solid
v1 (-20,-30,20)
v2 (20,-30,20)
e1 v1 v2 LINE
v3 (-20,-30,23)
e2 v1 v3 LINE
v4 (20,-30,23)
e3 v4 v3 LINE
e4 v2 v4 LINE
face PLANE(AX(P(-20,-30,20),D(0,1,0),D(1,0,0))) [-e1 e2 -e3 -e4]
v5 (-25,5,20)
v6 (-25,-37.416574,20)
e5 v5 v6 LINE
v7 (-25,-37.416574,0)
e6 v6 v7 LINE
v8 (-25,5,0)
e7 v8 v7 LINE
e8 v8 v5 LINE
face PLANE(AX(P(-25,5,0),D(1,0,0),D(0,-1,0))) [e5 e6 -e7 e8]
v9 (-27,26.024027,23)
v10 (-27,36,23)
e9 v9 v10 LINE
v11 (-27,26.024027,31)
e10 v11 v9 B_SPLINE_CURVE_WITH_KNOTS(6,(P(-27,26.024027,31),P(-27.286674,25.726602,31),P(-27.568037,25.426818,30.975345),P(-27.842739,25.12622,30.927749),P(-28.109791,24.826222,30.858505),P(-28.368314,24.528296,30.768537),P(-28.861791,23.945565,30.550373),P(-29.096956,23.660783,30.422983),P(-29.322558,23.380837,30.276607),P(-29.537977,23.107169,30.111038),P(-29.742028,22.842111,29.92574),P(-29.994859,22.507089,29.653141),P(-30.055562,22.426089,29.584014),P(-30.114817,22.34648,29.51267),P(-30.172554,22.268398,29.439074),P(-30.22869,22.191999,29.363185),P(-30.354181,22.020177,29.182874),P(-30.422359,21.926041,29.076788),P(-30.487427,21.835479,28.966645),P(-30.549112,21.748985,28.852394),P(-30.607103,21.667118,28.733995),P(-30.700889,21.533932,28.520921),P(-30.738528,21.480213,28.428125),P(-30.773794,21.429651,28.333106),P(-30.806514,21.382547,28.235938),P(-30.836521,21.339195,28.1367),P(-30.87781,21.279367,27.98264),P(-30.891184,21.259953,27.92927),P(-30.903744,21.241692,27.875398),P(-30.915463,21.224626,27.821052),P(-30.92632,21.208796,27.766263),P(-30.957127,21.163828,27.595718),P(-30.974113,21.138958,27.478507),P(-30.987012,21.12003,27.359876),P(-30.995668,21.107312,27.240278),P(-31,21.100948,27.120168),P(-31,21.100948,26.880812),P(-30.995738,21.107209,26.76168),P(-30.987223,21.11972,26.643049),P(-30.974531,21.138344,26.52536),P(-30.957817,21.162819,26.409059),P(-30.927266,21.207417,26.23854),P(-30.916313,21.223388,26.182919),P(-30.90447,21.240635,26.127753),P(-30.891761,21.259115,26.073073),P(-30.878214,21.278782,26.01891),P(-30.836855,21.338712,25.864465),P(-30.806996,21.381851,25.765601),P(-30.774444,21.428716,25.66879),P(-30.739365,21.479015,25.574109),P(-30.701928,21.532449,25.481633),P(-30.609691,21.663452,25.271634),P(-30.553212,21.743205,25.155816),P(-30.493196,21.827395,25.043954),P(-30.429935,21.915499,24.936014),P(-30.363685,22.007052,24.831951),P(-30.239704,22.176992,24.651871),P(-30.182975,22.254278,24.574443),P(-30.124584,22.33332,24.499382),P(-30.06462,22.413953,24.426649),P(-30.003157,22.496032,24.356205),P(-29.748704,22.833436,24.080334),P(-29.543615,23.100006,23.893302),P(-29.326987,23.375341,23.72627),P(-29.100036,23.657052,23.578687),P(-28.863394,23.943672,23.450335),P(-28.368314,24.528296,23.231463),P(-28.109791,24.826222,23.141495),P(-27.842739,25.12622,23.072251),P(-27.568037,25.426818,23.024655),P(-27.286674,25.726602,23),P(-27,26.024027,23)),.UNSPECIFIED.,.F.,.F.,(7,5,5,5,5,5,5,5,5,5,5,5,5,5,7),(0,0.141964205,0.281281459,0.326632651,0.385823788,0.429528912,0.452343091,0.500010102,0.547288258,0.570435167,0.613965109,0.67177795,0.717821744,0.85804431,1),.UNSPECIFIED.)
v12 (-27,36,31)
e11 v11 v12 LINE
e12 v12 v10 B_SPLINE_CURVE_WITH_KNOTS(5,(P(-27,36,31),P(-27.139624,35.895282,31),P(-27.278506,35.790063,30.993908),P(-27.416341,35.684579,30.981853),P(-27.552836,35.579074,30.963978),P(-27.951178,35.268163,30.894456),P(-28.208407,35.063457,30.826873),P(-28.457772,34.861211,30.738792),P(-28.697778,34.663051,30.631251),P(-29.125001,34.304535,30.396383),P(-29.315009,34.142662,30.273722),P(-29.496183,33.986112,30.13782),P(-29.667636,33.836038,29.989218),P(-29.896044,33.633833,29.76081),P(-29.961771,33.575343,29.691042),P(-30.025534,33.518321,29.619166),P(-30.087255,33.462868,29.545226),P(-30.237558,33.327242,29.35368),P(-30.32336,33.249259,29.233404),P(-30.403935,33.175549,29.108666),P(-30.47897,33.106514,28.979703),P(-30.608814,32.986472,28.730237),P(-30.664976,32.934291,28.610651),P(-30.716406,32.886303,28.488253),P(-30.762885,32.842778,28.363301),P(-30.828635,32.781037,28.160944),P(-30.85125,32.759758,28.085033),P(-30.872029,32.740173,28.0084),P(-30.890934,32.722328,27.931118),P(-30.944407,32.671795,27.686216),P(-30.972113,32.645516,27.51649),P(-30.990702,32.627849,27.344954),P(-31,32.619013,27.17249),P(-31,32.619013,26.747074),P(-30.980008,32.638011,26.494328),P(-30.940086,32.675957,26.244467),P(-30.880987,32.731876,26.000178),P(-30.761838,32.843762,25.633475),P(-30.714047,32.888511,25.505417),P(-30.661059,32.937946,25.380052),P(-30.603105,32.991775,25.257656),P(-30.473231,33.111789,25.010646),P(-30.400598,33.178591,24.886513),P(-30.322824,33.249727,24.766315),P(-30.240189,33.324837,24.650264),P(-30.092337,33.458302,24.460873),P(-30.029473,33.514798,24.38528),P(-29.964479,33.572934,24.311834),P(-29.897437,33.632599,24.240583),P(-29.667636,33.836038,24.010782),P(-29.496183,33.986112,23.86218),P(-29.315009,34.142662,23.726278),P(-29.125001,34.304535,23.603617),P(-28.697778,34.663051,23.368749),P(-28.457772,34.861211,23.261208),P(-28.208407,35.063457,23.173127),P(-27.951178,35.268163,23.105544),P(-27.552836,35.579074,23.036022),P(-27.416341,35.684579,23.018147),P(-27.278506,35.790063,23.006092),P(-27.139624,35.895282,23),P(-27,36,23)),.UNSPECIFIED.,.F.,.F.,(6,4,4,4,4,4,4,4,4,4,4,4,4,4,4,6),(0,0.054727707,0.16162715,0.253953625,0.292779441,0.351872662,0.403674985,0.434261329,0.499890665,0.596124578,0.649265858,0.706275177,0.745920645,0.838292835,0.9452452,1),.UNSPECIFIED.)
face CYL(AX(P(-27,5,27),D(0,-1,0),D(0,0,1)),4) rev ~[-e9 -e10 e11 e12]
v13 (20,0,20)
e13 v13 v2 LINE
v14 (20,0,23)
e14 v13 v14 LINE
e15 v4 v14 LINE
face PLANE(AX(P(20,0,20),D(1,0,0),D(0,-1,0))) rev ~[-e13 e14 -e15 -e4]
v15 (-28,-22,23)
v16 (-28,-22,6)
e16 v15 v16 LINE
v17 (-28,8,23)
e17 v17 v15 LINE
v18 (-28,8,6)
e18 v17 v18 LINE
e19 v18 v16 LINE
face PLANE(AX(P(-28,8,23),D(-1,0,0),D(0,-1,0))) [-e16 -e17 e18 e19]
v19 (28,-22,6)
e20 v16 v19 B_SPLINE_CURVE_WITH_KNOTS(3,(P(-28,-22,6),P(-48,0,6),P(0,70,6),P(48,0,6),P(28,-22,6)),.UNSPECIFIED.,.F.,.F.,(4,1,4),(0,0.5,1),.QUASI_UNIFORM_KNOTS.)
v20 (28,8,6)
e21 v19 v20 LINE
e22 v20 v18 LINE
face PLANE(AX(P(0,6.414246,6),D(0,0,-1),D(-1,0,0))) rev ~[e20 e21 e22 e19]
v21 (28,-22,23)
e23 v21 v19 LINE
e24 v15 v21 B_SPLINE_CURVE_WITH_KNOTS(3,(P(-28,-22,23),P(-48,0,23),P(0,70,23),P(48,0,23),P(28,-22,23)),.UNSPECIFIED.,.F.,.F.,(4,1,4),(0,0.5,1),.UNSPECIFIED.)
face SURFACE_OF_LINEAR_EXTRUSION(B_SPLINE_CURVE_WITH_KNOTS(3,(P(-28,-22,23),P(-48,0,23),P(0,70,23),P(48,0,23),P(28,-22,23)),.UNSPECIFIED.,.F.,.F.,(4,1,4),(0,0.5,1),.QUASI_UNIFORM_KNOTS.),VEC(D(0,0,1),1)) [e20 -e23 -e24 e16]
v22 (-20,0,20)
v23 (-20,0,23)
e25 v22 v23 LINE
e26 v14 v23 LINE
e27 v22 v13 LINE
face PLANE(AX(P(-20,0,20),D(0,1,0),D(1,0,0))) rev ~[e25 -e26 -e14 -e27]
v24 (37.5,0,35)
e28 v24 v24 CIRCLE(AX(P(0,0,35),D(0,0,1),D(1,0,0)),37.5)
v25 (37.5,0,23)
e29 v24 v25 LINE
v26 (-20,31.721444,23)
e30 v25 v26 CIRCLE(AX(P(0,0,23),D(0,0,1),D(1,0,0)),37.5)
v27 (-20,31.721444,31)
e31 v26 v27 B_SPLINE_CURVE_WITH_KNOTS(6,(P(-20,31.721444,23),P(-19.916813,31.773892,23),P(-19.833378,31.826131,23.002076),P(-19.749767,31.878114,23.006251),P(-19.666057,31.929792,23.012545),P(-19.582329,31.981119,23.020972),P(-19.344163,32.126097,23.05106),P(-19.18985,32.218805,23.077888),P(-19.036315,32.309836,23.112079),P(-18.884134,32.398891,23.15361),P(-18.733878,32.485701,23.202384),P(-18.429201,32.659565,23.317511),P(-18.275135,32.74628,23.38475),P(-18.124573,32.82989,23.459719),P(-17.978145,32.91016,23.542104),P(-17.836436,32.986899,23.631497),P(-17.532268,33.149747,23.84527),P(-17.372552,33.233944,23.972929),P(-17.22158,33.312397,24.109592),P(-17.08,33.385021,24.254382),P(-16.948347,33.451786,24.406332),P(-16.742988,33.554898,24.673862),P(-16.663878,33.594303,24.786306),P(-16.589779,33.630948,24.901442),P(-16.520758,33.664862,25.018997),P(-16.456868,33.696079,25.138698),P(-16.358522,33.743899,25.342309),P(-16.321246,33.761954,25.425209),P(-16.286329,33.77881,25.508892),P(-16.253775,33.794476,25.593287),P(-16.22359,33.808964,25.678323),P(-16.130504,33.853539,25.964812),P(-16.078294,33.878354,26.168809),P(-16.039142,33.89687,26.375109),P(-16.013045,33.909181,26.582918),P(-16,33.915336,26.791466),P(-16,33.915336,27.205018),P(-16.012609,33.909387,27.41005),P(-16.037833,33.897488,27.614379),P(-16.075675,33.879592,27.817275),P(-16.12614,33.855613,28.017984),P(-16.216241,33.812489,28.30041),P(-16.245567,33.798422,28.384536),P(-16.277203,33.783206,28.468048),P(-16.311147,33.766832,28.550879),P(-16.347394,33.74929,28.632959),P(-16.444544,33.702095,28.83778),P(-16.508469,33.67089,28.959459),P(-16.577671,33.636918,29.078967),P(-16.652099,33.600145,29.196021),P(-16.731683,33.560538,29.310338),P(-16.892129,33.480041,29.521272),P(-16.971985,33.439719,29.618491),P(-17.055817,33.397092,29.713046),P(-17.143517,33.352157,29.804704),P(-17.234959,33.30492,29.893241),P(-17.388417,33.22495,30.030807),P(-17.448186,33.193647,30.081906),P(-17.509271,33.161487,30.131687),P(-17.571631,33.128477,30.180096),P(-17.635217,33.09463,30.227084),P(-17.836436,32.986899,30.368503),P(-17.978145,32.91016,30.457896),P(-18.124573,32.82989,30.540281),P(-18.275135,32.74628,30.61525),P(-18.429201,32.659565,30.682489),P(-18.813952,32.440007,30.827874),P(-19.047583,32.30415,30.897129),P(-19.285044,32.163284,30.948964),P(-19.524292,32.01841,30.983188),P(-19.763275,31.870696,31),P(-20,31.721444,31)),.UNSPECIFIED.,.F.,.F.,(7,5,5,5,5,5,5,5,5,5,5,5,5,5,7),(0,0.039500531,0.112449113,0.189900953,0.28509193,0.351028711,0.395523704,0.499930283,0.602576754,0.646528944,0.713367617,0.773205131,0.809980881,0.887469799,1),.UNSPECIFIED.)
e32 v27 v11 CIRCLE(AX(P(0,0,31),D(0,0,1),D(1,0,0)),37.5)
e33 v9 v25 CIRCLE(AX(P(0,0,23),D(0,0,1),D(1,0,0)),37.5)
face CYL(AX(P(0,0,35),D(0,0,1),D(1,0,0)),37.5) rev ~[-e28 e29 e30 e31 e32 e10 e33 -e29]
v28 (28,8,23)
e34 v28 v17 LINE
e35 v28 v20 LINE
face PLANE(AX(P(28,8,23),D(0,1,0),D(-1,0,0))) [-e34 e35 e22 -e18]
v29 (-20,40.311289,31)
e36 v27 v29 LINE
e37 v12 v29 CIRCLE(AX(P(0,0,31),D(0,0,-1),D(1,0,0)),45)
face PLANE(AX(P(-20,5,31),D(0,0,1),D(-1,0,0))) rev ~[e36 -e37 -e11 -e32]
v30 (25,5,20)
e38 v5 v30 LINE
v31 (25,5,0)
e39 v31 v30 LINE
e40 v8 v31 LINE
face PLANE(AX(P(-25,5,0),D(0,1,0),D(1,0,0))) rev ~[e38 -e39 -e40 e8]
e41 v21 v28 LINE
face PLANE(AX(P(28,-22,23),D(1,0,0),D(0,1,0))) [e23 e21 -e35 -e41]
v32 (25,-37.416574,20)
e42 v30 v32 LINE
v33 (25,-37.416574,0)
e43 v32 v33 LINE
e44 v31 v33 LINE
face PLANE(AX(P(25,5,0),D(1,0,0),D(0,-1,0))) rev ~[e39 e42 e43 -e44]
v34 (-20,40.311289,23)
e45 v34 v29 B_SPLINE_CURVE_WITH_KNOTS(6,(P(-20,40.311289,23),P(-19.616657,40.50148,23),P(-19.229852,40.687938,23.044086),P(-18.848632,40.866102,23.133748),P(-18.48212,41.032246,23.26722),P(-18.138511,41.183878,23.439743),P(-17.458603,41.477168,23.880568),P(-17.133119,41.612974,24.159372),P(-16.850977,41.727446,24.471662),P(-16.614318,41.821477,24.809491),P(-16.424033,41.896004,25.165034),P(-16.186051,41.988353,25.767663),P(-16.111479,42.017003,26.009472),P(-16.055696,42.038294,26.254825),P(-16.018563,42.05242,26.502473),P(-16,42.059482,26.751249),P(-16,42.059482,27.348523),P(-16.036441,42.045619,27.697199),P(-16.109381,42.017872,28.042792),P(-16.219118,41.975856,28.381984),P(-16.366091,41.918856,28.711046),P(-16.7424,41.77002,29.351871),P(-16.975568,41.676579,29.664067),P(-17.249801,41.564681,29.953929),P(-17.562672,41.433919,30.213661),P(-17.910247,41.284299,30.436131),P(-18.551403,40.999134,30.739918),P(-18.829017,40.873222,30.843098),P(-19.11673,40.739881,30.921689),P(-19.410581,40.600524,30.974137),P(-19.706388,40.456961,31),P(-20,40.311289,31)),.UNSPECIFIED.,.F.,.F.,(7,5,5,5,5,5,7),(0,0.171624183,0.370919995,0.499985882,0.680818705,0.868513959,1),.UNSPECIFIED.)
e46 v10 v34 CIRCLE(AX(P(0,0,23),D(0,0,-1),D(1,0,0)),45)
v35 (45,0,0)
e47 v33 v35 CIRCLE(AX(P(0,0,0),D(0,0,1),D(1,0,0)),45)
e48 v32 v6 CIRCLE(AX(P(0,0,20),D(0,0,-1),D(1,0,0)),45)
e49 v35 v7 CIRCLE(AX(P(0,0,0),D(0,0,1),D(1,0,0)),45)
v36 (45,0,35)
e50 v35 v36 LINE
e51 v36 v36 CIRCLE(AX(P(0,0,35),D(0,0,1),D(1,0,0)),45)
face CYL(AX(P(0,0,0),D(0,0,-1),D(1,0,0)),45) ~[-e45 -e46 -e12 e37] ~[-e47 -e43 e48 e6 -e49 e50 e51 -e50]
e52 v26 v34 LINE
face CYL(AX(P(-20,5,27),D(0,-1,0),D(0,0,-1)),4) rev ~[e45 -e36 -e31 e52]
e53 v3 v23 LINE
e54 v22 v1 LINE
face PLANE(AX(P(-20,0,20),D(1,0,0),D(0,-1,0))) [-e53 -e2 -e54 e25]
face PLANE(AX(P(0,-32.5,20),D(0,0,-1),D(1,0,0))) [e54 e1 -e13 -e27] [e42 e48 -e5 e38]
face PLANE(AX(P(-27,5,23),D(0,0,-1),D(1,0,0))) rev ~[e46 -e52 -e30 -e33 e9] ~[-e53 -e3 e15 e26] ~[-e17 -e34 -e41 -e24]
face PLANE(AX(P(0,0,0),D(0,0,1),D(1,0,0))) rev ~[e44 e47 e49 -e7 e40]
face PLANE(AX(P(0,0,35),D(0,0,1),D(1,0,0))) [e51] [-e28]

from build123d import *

# Parameters (mm, degrees)
CYLINDER_R      = 45
CYLINDER_DEPTH  = 35
SKETCH_R        = 37.5
POCKET_DEPTH    = 12
SKETCH001_W     = 50
SKETCH001_H     = 75
POCKET001_DEPTH = 20
SKETCH002_W     = 40
SKETCH002_H     = 30
POCKET002_DEPTH = 5
POCKET003_DEPTH = 17
POCKET004_DEPTH = 50


with BuildPart() as part:
    # Cylinder → Cylinder (join)
    with BuildSketch(Plane.XY):
        Circle(CYLINDER_R)
    extrude(amount=CYLINDER_DEPTH)

    # Sketch (on Face3 of Cylinder) → Pocket (cut)
    with BuildSketch(Plane.XY.offset(35)):
        Circle(SKETCH_R)
    extrude(amount=-POCKET_DEPTH, mode=Mode.SUBTRACT)

    # Sketch001 (on Face2 of Pocket) → Pocket001 (cut)
    with BuildSketch(Plane(origin=(0, 0, 0), x_dir=(1, 0, 0), z_dir=(0, 0, -1))):
        with Locations((0, 32.5)):
            Rectangle(SKETCH001_W, SKETCH001_H)
    extrude(amount=-POCKET001_DEPTH, mode=Mode.SUBTRACT)

    # Sketch002 (on Face4 of Pocket001) → Pocket002 (cut)
    with BuildSketch(Plane(origin=(0, 0, 20), x_dir=(1, 0, 0), z_dir=(0, 0, -1))):
        with Locations((0, 15)):
            Rectangle(SKETCH002_W, SKETCH002_H)
    extrude(amount=-POCKET002_DEPTH, mode=Mode.SUBTRACT)

    # Sketch003 (on Face13 of Pocket002) → Pocket003 (cut)
    with BuildSketch(Plane.XY.offset(23)):
        with BuildLine():
            Line((28, -22), (28, 8))
            Line((28, 8), (-28, 8))
            Line((-28, 8), (-28, -22))
            add(Edge.make_bspline(
                [(-28, -22), (-48, 0), (0, 70), (48, 0), (28, -22)],
                knots=[0, 0, 0, 0, 0.5, 1, 1, 1, 1], degree=3))
        make_face()
    extrude(amount=-POCKET003_DEPTH, mode=Mode.SUBTRACT)

    # Sketch004 (on DatumPlane) → Pocket004 (cut)
    with BuildSketch(Plane.XZ.offset(-5)):
        with BuildLine():
            ThreePointArc((-27, 31), (-31, 27), (-27, 23))
            Line((-27, 23), (-20, 23))
            ThreePointArc((-20, 23), (-16, 27), (-20, 31))
            Line((-20, 31), (-27, 31))
        make_face()
    extrude(amount=-POCKET004_DEPTH, mode=Mode.SUBTRACT)


solid = part.part
